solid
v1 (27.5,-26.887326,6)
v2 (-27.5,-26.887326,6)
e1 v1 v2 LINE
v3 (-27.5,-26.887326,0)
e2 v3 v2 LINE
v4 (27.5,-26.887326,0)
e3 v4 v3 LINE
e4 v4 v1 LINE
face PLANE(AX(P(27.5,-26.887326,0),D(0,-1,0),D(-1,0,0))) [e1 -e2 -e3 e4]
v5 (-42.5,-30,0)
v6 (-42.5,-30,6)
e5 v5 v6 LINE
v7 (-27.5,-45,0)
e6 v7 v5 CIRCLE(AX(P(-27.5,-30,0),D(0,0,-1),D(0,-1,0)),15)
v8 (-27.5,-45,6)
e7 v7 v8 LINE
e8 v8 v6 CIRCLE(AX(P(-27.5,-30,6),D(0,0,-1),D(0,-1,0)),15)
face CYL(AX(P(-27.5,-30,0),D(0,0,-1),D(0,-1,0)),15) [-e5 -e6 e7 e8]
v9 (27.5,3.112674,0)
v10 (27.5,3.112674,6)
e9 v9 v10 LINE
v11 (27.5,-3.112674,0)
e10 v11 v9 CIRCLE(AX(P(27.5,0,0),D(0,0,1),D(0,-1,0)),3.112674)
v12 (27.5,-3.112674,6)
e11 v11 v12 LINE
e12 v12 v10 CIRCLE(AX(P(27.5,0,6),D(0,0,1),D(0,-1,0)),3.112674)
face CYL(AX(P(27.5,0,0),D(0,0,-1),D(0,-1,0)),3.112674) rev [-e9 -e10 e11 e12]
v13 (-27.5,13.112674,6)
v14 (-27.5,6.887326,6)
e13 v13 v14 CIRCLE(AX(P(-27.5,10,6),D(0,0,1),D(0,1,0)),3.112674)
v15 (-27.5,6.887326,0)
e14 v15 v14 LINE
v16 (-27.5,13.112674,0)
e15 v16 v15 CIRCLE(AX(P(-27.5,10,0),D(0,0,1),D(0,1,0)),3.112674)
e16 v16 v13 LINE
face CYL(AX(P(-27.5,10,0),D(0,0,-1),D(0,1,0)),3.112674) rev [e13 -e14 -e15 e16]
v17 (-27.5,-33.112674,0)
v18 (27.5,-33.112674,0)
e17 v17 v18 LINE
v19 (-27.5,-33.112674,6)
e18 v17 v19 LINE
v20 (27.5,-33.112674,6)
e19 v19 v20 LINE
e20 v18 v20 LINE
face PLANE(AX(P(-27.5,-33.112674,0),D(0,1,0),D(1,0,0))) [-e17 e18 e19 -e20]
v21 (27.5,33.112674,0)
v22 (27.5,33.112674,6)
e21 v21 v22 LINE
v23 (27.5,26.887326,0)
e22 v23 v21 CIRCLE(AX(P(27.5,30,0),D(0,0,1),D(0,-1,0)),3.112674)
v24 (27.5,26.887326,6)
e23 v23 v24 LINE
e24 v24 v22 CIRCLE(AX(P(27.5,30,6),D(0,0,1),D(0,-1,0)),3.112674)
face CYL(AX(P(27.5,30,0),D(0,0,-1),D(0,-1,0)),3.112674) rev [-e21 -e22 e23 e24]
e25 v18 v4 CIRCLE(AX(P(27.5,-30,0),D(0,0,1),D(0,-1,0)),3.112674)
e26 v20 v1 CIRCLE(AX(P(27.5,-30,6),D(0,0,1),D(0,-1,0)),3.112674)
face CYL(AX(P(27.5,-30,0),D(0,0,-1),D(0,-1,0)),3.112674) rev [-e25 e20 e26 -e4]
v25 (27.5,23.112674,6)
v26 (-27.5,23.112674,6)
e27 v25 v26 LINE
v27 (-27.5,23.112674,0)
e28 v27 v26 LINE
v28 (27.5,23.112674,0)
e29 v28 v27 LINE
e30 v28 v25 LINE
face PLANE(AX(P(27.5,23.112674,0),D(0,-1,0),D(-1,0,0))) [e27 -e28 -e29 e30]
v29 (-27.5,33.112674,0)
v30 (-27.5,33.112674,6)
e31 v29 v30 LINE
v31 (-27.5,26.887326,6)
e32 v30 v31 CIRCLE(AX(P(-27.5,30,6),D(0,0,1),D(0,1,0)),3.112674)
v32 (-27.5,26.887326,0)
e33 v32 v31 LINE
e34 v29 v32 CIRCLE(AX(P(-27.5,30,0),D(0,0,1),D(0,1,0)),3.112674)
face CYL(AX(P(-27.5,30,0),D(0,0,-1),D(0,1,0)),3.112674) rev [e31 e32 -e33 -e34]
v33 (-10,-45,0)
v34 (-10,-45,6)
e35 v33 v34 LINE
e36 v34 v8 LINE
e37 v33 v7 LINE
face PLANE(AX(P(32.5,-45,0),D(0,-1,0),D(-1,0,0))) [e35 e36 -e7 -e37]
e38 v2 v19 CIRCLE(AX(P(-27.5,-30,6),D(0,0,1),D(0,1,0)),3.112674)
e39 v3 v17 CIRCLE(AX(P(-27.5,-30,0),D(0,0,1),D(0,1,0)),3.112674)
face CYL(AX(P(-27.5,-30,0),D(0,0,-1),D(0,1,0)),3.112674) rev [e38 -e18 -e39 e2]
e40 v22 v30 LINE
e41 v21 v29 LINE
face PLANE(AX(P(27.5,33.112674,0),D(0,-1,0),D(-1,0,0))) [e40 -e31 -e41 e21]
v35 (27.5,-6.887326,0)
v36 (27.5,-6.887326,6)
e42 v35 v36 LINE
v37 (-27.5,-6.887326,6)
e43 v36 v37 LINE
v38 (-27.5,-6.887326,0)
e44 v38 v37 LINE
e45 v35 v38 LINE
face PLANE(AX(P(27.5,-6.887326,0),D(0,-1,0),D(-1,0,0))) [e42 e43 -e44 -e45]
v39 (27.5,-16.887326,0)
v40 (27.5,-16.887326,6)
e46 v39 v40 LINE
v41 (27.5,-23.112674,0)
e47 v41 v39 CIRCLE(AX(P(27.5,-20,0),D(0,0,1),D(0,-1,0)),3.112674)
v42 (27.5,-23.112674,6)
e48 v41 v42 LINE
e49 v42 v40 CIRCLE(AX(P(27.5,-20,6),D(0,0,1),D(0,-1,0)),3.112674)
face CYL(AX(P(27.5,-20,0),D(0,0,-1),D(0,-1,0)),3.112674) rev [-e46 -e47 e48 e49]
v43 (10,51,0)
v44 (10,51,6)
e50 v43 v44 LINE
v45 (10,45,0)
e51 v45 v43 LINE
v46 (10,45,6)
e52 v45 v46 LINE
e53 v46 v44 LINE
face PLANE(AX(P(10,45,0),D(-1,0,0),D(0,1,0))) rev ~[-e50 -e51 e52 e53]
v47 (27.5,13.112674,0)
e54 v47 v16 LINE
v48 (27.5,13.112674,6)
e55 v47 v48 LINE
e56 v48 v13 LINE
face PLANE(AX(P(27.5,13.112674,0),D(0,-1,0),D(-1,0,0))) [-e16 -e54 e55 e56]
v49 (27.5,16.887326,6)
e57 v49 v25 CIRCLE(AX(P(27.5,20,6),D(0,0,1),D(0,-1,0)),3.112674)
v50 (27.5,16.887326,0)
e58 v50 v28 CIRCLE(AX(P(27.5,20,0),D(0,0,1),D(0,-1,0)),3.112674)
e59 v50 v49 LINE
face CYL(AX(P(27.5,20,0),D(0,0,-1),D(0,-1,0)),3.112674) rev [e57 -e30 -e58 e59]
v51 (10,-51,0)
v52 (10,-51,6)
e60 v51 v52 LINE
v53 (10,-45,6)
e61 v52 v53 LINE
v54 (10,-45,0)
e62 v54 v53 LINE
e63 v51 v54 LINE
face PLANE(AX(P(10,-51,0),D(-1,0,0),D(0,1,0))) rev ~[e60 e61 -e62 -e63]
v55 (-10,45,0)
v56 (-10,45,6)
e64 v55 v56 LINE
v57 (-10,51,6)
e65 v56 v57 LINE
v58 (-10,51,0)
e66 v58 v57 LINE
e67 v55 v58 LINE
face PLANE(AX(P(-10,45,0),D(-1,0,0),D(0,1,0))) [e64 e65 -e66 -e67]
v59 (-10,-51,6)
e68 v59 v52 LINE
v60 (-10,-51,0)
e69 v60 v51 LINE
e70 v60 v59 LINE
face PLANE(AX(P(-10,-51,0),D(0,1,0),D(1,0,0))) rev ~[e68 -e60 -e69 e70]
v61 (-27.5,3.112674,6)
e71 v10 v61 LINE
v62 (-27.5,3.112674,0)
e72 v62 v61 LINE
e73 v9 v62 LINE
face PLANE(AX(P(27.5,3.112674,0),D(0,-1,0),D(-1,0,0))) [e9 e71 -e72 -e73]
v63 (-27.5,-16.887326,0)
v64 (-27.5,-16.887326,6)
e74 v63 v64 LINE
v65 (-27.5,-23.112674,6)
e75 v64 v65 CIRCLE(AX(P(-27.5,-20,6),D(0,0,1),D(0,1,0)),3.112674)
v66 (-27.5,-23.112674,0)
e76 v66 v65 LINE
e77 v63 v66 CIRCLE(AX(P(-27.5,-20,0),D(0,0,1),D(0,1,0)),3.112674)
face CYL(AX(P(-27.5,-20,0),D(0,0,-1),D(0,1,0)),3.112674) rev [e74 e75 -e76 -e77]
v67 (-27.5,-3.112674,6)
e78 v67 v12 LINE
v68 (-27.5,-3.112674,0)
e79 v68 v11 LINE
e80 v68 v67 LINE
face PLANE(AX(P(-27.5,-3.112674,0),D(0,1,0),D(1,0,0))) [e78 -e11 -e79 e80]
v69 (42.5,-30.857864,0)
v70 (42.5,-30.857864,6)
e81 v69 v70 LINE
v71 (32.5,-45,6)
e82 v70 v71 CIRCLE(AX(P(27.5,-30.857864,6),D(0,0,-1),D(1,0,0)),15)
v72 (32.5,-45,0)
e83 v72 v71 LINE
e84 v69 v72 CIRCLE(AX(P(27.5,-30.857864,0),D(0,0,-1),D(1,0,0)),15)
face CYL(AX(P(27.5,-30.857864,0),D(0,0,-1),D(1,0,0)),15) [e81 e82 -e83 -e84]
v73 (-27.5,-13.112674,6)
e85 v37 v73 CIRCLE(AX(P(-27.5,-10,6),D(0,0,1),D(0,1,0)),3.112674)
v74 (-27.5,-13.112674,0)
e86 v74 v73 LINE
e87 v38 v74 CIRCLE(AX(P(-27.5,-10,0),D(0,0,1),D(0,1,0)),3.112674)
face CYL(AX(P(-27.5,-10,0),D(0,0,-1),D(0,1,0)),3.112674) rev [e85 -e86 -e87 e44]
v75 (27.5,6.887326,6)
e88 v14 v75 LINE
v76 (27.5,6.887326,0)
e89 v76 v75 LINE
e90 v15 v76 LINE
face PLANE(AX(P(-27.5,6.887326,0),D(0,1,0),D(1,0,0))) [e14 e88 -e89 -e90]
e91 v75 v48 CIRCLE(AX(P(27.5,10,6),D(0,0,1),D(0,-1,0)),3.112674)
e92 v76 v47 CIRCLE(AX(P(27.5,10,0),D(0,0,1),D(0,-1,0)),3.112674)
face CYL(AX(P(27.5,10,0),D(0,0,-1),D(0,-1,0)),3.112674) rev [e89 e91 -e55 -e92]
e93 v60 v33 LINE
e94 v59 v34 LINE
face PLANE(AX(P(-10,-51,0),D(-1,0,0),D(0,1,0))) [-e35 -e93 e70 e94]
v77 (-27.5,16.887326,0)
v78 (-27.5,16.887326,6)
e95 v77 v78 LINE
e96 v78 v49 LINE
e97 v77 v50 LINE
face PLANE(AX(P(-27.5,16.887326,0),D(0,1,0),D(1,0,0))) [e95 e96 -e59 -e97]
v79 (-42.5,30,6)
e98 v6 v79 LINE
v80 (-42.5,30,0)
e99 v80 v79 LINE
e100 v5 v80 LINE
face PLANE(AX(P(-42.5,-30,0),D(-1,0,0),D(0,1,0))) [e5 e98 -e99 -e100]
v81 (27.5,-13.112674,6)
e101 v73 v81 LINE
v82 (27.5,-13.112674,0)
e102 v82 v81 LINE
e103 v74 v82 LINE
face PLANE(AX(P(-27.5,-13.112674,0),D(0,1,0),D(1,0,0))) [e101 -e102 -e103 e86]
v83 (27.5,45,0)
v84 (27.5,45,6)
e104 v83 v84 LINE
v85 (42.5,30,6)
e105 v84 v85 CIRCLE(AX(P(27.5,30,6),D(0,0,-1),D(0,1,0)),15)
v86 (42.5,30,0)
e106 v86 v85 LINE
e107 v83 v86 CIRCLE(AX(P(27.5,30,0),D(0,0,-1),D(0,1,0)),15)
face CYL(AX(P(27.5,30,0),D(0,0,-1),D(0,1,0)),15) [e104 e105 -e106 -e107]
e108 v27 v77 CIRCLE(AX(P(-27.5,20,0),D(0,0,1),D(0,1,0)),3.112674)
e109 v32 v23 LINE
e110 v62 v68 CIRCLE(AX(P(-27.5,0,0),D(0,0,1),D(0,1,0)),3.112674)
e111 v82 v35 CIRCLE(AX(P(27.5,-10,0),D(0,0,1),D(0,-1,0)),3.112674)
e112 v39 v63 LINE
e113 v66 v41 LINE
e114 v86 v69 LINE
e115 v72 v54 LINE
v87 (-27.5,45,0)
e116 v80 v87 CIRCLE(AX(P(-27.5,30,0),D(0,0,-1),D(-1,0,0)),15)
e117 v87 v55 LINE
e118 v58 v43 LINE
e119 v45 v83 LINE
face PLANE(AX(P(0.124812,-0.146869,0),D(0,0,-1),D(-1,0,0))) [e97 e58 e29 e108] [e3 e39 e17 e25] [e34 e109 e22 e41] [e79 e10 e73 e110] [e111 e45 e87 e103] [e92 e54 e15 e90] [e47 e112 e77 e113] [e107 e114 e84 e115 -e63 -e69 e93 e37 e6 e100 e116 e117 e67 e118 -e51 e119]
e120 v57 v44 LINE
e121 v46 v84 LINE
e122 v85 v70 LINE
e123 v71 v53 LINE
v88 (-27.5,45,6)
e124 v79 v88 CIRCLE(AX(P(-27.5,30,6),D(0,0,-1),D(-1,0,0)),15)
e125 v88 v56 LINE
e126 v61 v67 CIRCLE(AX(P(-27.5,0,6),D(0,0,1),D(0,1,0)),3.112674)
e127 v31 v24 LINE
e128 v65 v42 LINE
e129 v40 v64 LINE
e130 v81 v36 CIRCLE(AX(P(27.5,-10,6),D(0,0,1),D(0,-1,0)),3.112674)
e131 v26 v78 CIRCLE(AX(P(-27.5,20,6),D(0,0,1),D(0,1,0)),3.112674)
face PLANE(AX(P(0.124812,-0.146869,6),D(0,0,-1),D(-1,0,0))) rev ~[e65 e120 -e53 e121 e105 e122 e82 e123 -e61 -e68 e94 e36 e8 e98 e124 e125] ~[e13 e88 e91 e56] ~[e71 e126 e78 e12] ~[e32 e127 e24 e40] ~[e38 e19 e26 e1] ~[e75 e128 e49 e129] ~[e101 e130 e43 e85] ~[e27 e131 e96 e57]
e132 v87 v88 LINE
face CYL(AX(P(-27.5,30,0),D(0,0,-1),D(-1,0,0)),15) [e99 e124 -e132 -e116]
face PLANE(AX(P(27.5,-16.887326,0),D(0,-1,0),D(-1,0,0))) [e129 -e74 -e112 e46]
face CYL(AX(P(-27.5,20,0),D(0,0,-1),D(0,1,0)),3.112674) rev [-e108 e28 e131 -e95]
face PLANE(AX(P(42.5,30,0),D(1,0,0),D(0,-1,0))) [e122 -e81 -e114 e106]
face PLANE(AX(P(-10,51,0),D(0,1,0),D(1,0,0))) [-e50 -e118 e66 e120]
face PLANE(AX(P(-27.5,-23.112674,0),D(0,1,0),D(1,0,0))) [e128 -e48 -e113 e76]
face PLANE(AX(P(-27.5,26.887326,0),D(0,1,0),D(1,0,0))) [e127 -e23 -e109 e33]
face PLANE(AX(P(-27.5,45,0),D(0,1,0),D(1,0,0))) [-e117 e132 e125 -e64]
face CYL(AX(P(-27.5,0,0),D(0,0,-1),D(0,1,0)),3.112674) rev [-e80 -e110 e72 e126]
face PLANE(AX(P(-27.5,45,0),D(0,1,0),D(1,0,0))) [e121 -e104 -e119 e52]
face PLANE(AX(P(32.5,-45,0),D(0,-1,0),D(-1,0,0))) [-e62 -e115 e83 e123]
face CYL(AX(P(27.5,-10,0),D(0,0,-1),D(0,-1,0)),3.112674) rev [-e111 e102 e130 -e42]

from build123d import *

# Parameters (mm, degrees)
SKETCH1_W           = 20
SKETCH1_H           = 6
BOSS_EXTRUDE1_DEPTH = 6


with BuildPart() as part:
    # Sketch1 → Boss-Extrude1 (new body)
    # profile 1 of 3: a face of its own
    with BuildSketch(Plane.XY):
        with BuildLine():
            ThreePointArc((27.5, 45), (38.106601718, 40.606601718), (42.5, 30))
            Line((42.5, 30), (42.5, -30.857864376))
            ThreePointArc((42.5, -30.857864376), (39.747448714, -39.518118414), (32.5, -45))
            Line((32.5, -45), (-27.5, -45))
            ThreePointArc((-27.5, -45), (-38.106601718, -40.606601718), (-42.5, -30))
            Line((-42.5, -30), (-42.5, 30))
            ThreePointArc((-42.5, 30), (-38.106601718, 40.606601718), (-27.5, 45))
            Line((-27.5, 45), (27.5, 45))
        make_face()
        with BuildLine():
            ThreePointArc((27.5, -33.112673684), (30.612673684, -30), (27.5, -26.887326316))
            Line((27.5, -26.887326316), (-27.5, -26.887326316))
            ThreePointArc((-27.5, -26.887326316), (-30.612673684, -30), (-27.5, -33.112673684))
            Line((-27.5, -33.112673684), (27.5, -33.112673684))
        make_face(mode=Mode.SUBTRACT)
        with BuildLine():
            ThreePointArc((27.5, -23.112673684), (30.612673684, -20), (27.5, -16.887326316))
            Line((27.5, -16.887326316), (-27.5, -16.887326316))
            ThreePointArc((-27.5, -16.887326316), (-30.612673684, -20), (-27.5, -23.112673684))
            Line((-27.5, -23.112673684), (27.5, -23.112673684))
        make_face(mode=Mode.SUBTRACT)
        with BuildLine():
            ThreePointArc((27.5, -13.112673684), (30.612673684, -10), (27.5, -6.887326316))
            Line((27.5, -6.887326316), (-27.5, -6.887326316))
            ThreePointArc((-27.5, -6.887326316), (-30.612673684, -10), (-27.5, -13.112673684))
            Line((-27.5, -13.112673684), (27.5, -13.112673684))
        make_face(mode=Mode.SUBTRACT)
        with BuildLine():
            ThreePointArc((27.5, -3.112673684), (30.612673684, 0), (27.5, 3.112673684))
            Line((27.5, 3.112673684), (-27.5, 3.112673684))
            ThreePointArc((-27.5, 3.112673684), (-30.612673684, 0), (-27.5, -3.112673684))
            Line((-27.5, -3.112673684), (27.5, -3.112673684))
        make_face(mode=Mode.SUBTRACT)
        with BuildLine():
            ThreePointArc((27.5, 6.887326316), (30.612673684, 10), (27.5, 13.112673684))
            Line((27.5, 13.112673684), (-27.5, 13.112673684))
            ThreePointArc((-27.5, 13.112673684), (-30.612673684, 10), (-27.5, 6.887326316))
            Line((-27.5, 6.887326316), (27.5, 6.887326316))
        make_face(mode=Mode.SUBTRACT)
        with BuildLine():
            ThreePointArc((27.5, 16.887326316), (30.612673684, 20), (27.5, 23.112673684))
            Line((27.5, 23.112673684), (-27.5, 23.112673684))
            ThreePointArc((-27.5, 23.112673684), (-30.612673684, 20), (-27.5, 16.887326316))
            Line((-27.5, 16.887326316), (27.5, 16.887326316))
        make_face(mode=Mode.SUBTRACT)
        with BuildLine():
            ThreePointArc((27.5, 26.887326316), (30.612673684, 30), (27.5, 33.112673684))
            Line((27.5, 33.112673684), (-27.5, 33.112673684))
            ThreePointArc((-27.5, 33.112673684), (-30.612673684, 30), (-27.5, 26.887326316))
            Line((-27.5, 26.887326316), (27.5, 26.887326316))
        make_face(mode=Mode.SUBTRACT)
    # profile 2 of 3: a face of its own
    with BuildSketch(Plane.XY):
        with Locations((0, 48)):
            Rectangle(SKETCH1_W, SKETCH1_H)
    # profile 3 of 3: a face of its own
    with BuildSketch(Plane.XY):
        with Locations((0, -48)):
            Rectangle(SKETCH1_W, SKETCH1_H)
    extrude(amount=BOSS_EXTRUDE1_DEPTH)


solid = part.part
